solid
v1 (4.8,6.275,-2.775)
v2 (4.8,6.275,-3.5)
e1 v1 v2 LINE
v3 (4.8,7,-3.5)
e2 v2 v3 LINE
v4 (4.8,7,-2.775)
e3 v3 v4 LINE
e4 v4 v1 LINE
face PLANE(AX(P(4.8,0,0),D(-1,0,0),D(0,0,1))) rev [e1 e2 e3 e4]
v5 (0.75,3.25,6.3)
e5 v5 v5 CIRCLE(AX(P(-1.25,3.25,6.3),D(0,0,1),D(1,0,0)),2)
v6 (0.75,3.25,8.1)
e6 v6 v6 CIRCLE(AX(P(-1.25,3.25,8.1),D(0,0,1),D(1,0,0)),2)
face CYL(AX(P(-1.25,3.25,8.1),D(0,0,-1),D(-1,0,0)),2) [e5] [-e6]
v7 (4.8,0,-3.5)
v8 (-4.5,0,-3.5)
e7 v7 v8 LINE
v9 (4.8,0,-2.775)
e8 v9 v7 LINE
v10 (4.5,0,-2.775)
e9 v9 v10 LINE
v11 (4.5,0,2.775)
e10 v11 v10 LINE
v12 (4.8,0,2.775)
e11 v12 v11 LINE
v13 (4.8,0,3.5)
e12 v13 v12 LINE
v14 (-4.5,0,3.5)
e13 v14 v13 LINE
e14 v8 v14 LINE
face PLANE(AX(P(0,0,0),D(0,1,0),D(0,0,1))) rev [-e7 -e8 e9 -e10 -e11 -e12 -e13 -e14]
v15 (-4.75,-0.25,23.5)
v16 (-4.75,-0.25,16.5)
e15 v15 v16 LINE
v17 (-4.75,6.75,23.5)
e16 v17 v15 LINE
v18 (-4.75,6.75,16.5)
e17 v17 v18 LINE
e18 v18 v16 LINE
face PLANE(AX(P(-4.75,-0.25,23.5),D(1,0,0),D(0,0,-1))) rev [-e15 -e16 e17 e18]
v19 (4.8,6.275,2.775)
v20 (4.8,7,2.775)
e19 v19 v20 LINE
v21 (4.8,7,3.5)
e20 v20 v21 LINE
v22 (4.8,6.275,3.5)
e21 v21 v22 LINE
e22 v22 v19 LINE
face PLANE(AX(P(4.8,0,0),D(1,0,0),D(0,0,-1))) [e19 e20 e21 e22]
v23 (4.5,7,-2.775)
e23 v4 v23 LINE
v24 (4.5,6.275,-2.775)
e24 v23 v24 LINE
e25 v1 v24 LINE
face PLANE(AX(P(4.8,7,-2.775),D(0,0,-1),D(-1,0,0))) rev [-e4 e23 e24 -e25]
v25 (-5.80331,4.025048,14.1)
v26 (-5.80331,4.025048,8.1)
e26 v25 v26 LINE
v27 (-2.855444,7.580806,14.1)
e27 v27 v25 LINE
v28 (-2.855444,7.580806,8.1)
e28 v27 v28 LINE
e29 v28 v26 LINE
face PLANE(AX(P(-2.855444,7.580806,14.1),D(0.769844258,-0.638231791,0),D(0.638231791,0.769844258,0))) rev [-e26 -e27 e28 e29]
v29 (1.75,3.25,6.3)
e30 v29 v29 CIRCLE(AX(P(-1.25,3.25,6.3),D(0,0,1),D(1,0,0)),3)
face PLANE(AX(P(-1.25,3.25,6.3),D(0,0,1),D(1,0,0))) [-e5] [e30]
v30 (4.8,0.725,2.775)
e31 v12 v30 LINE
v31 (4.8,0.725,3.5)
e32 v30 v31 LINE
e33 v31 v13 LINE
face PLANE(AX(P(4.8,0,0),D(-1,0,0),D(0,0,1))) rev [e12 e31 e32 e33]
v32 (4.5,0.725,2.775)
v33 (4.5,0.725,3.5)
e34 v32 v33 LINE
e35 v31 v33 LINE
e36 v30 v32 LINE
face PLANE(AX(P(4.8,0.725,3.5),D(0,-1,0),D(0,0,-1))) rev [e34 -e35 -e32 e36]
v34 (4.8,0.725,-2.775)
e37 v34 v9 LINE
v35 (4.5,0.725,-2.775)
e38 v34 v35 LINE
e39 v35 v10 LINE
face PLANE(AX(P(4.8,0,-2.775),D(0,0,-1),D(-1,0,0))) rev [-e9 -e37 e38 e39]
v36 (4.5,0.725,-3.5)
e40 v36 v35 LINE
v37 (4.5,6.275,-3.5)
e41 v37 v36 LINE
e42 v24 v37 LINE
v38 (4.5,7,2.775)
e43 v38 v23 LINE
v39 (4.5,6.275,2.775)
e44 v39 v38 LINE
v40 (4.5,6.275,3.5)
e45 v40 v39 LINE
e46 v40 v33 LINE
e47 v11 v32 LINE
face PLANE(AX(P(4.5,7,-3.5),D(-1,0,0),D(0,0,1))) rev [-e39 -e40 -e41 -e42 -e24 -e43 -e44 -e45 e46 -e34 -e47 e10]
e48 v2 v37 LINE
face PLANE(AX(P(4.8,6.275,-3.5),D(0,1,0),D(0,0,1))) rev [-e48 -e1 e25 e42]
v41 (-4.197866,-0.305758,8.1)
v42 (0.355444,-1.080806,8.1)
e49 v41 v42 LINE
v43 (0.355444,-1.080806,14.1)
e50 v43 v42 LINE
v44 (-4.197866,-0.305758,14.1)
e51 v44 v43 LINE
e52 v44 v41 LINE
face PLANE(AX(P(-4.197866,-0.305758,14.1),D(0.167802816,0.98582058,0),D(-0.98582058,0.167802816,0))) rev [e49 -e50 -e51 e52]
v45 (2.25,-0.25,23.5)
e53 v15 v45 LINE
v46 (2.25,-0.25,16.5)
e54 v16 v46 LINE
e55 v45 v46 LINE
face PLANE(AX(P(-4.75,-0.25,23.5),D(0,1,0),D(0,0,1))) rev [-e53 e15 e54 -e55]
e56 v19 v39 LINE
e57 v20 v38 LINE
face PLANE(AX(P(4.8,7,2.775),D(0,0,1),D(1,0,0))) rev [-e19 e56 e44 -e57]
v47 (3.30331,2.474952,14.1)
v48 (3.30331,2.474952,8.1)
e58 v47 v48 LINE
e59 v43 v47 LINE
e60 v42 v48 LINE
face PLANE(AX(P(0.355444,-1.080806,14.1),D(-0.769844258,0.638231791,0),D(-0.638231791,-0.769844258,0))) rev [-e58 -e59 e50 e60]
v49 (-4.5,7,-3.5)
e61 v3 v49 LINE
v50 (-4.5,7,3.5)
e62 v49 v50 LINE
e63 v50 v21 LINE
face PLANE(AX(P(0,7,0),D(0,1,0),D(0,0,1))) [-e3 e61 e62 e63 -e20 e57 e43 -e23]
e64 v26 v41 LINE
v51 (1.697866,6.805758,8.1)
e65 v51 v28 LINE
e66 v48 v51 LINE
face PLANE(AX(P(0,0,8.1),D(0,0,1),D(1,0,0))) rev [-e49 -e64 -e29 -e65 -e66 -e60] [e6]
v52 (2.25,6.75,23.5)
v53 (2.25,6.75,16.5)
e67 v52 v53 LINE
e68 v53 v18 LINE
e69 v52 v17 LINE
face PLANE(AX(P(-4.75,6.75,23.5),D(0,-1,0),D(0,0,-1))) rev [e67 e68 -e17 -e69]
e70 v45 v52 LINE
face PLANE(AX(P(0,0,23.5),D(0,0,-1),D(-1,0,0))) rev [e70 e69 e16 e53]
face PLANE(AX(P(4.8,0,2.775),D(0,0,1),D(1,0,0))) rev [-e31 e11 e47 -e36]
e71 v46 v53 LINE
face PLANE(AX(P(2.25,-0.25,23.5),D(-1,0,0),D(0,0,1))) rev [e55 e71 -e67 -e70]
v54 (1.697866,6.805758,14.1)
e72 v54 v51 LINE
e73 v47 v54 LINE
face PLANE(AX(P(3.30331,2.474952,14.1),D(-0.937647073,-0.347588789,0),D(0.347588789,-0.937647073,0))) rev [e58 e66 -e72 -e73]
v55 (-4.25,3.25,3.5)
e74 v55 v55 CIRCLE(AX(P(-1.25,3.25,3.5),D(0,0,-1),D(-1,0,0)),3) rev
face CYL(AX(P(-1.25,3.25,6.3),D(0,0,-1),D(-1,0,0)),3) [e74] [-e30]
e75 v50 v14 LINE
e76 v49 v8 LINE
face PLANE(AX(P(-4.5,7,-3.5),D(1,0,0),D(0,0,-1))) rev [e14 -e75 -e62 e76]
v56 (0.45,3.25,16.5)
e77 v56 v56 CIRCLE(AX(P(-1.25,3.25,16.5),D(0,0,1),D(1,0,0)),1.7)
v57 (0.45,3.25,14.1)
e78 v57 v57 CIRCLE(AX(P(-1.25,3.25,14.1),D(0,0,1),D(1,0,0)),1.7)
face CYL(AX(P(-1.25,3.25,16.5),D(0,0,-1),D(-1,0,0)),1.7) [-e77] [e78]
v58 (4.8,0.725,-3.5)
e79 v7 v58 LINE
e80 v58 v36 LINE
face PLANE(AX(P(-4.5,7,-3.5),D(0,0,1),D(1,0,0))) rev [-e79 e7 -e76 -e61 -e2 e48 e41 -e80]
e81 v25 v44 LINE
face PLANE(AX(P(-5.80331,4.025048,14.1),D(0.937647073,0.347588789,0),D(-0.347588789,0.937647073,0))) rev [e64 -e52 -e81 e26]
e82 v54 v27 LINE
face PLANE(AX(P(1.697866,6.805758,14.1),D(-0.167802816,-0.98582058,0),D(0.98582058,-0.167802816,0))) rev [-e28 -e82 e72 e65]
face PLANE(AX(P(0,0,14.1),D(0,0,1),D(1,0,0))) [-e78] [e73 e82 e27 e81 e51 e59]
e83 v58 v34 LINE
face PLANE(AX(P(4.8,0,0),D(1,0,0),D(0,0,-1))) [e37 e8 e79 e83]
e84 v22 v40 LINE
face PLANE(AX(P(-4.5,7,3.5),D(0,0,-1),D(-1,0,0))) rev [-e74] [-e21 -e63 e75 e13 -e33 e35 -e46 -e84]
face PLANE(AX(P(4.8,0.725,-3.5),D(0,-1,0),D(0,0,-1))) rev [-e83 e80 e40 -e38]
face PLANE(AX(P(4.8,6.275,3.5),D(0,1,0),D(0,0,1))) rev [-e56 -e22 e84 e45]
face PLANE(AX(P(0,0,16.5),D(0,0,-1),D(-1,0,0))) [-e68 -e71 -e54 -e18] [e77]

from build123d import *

# Parameters (mm, degrees)
SKETCH1_W           = 9
SKETCH1_H           = 7
BOSS_EXTRUDE1_DEPTH = 7
SKETCH4_W           = 0.725
SKETCH4_H           = 0.725
BOSS_EXTRUDE3_DEPTH = 0.3
SKETCH_1_R          = 3
EXTRUDE_1_DEPTH     = 2.8
SKETCH_2_R          = 2
EXTRUDE_2_DEPTH     = 1.8
EXTRUDE_3_DEPTH     = 6
SKETCH_4_R          = 1.7
EXTRUDE_4_DEPTH     = 2.4
SKETCH_5_W          = 7
SKETCH_5_H          = 7
EXTRUDE_5_DEPTH     = 7


with BuildPart() as part:
    # Sketch1 → Boss-Extrude1 (new body)
    with BuildSketch(Plane(origin=(0, 0, 0), x_dir=(1, 0, 0), z_dir=(0, 1, 0))):
        Rectangle(SKETCH1_W, SKETCH1_H)
    extrude(amount=BOSS_EXTRUDE1_DEPTH)

    # Sketch4 → Boss-Extrude3 (add)
    with BuildSketch(Plane(origin=(4.5, 0, 0), x_dir=(0, 0, -1), z_dir=(1, 0, 0))):
        with Locations((-3.1375, 6.6375)):
            Rectangle(SKETCH4_W, SKETCH4_H)
        with Locations((3.1375, 6.6375)):
            Rectangle(SKETCH4_W, SKETCH4_H)
        with Locations((-3.1375, 0.3625)):
            Rectangle(SKETCH4_W, SKETCH4_H)
        with Locations((3.1375, 0.3625)):
            Rectangle(SKETCH4_W, SKETCH4_H)
    extrude(amount=BOSS_EXTRUDE3_DEPTH)

    # ｽｹｯﾁ1 → ﾎﾞｽ - 押し出し1 (add)
    with BuildSketch(Plane.XY.offset(3.5)):
        with Locations((-1.25, 3.25)):
            Circle(SKETCH_1_R)
    extrude(amount=EXTRUDE_1_DEPTH)

    # ｽｹｯﾁ2 → ﾎﾞｽ - 押し出し2 (add)
    with BuildSketch(Plane.XY.offset(6.3)):
        with Locations((-1.25, 3.25)):
            Circle(SKETCH_2_R)
    extrude(amount=EXTRUDE_2_DEPTH)

    # ｽｹｯﾁ3 → ﾎﾞｽ - 押し出し3 (add)
    with BuildSketch(Plane.XY.offset(8.1)):
        Polygon((1.697866371, 6.805758315), (-2.855443845, 7.580806321), (-5.803310216, 4.025048007), (-4.197866371, -0.305758315), (0.355443845, -1.080806321), (3.303310216, 2.474951993), align=None)
    extrude(amount=EXTRUDE_3_DEPTH)

    # ｽｹｯﾁ4 → ﾎﾞｽ - 押し出し4 (add)
    with BuildSketch(Plane.XY.offset(14.1)):
        with Locations((-1.25, 3.25)):
            Circle(SKETCH_4_R)
    extrude(amount=EXTRUDE_4_DEPTH)

    # ｽｹｯﾁ5 → ﾎﾞｽ - 押し出し5 (add)
    with BuildSketch(Plane.XY.offset(16.5)):
        with Locations((-1.25, 3.25)):
            Rectangle(SKETCH_5_W, SKETCH_5_H)
    extrude(amount=EXTRUDE_5_DEPTH)


solid = part.part
